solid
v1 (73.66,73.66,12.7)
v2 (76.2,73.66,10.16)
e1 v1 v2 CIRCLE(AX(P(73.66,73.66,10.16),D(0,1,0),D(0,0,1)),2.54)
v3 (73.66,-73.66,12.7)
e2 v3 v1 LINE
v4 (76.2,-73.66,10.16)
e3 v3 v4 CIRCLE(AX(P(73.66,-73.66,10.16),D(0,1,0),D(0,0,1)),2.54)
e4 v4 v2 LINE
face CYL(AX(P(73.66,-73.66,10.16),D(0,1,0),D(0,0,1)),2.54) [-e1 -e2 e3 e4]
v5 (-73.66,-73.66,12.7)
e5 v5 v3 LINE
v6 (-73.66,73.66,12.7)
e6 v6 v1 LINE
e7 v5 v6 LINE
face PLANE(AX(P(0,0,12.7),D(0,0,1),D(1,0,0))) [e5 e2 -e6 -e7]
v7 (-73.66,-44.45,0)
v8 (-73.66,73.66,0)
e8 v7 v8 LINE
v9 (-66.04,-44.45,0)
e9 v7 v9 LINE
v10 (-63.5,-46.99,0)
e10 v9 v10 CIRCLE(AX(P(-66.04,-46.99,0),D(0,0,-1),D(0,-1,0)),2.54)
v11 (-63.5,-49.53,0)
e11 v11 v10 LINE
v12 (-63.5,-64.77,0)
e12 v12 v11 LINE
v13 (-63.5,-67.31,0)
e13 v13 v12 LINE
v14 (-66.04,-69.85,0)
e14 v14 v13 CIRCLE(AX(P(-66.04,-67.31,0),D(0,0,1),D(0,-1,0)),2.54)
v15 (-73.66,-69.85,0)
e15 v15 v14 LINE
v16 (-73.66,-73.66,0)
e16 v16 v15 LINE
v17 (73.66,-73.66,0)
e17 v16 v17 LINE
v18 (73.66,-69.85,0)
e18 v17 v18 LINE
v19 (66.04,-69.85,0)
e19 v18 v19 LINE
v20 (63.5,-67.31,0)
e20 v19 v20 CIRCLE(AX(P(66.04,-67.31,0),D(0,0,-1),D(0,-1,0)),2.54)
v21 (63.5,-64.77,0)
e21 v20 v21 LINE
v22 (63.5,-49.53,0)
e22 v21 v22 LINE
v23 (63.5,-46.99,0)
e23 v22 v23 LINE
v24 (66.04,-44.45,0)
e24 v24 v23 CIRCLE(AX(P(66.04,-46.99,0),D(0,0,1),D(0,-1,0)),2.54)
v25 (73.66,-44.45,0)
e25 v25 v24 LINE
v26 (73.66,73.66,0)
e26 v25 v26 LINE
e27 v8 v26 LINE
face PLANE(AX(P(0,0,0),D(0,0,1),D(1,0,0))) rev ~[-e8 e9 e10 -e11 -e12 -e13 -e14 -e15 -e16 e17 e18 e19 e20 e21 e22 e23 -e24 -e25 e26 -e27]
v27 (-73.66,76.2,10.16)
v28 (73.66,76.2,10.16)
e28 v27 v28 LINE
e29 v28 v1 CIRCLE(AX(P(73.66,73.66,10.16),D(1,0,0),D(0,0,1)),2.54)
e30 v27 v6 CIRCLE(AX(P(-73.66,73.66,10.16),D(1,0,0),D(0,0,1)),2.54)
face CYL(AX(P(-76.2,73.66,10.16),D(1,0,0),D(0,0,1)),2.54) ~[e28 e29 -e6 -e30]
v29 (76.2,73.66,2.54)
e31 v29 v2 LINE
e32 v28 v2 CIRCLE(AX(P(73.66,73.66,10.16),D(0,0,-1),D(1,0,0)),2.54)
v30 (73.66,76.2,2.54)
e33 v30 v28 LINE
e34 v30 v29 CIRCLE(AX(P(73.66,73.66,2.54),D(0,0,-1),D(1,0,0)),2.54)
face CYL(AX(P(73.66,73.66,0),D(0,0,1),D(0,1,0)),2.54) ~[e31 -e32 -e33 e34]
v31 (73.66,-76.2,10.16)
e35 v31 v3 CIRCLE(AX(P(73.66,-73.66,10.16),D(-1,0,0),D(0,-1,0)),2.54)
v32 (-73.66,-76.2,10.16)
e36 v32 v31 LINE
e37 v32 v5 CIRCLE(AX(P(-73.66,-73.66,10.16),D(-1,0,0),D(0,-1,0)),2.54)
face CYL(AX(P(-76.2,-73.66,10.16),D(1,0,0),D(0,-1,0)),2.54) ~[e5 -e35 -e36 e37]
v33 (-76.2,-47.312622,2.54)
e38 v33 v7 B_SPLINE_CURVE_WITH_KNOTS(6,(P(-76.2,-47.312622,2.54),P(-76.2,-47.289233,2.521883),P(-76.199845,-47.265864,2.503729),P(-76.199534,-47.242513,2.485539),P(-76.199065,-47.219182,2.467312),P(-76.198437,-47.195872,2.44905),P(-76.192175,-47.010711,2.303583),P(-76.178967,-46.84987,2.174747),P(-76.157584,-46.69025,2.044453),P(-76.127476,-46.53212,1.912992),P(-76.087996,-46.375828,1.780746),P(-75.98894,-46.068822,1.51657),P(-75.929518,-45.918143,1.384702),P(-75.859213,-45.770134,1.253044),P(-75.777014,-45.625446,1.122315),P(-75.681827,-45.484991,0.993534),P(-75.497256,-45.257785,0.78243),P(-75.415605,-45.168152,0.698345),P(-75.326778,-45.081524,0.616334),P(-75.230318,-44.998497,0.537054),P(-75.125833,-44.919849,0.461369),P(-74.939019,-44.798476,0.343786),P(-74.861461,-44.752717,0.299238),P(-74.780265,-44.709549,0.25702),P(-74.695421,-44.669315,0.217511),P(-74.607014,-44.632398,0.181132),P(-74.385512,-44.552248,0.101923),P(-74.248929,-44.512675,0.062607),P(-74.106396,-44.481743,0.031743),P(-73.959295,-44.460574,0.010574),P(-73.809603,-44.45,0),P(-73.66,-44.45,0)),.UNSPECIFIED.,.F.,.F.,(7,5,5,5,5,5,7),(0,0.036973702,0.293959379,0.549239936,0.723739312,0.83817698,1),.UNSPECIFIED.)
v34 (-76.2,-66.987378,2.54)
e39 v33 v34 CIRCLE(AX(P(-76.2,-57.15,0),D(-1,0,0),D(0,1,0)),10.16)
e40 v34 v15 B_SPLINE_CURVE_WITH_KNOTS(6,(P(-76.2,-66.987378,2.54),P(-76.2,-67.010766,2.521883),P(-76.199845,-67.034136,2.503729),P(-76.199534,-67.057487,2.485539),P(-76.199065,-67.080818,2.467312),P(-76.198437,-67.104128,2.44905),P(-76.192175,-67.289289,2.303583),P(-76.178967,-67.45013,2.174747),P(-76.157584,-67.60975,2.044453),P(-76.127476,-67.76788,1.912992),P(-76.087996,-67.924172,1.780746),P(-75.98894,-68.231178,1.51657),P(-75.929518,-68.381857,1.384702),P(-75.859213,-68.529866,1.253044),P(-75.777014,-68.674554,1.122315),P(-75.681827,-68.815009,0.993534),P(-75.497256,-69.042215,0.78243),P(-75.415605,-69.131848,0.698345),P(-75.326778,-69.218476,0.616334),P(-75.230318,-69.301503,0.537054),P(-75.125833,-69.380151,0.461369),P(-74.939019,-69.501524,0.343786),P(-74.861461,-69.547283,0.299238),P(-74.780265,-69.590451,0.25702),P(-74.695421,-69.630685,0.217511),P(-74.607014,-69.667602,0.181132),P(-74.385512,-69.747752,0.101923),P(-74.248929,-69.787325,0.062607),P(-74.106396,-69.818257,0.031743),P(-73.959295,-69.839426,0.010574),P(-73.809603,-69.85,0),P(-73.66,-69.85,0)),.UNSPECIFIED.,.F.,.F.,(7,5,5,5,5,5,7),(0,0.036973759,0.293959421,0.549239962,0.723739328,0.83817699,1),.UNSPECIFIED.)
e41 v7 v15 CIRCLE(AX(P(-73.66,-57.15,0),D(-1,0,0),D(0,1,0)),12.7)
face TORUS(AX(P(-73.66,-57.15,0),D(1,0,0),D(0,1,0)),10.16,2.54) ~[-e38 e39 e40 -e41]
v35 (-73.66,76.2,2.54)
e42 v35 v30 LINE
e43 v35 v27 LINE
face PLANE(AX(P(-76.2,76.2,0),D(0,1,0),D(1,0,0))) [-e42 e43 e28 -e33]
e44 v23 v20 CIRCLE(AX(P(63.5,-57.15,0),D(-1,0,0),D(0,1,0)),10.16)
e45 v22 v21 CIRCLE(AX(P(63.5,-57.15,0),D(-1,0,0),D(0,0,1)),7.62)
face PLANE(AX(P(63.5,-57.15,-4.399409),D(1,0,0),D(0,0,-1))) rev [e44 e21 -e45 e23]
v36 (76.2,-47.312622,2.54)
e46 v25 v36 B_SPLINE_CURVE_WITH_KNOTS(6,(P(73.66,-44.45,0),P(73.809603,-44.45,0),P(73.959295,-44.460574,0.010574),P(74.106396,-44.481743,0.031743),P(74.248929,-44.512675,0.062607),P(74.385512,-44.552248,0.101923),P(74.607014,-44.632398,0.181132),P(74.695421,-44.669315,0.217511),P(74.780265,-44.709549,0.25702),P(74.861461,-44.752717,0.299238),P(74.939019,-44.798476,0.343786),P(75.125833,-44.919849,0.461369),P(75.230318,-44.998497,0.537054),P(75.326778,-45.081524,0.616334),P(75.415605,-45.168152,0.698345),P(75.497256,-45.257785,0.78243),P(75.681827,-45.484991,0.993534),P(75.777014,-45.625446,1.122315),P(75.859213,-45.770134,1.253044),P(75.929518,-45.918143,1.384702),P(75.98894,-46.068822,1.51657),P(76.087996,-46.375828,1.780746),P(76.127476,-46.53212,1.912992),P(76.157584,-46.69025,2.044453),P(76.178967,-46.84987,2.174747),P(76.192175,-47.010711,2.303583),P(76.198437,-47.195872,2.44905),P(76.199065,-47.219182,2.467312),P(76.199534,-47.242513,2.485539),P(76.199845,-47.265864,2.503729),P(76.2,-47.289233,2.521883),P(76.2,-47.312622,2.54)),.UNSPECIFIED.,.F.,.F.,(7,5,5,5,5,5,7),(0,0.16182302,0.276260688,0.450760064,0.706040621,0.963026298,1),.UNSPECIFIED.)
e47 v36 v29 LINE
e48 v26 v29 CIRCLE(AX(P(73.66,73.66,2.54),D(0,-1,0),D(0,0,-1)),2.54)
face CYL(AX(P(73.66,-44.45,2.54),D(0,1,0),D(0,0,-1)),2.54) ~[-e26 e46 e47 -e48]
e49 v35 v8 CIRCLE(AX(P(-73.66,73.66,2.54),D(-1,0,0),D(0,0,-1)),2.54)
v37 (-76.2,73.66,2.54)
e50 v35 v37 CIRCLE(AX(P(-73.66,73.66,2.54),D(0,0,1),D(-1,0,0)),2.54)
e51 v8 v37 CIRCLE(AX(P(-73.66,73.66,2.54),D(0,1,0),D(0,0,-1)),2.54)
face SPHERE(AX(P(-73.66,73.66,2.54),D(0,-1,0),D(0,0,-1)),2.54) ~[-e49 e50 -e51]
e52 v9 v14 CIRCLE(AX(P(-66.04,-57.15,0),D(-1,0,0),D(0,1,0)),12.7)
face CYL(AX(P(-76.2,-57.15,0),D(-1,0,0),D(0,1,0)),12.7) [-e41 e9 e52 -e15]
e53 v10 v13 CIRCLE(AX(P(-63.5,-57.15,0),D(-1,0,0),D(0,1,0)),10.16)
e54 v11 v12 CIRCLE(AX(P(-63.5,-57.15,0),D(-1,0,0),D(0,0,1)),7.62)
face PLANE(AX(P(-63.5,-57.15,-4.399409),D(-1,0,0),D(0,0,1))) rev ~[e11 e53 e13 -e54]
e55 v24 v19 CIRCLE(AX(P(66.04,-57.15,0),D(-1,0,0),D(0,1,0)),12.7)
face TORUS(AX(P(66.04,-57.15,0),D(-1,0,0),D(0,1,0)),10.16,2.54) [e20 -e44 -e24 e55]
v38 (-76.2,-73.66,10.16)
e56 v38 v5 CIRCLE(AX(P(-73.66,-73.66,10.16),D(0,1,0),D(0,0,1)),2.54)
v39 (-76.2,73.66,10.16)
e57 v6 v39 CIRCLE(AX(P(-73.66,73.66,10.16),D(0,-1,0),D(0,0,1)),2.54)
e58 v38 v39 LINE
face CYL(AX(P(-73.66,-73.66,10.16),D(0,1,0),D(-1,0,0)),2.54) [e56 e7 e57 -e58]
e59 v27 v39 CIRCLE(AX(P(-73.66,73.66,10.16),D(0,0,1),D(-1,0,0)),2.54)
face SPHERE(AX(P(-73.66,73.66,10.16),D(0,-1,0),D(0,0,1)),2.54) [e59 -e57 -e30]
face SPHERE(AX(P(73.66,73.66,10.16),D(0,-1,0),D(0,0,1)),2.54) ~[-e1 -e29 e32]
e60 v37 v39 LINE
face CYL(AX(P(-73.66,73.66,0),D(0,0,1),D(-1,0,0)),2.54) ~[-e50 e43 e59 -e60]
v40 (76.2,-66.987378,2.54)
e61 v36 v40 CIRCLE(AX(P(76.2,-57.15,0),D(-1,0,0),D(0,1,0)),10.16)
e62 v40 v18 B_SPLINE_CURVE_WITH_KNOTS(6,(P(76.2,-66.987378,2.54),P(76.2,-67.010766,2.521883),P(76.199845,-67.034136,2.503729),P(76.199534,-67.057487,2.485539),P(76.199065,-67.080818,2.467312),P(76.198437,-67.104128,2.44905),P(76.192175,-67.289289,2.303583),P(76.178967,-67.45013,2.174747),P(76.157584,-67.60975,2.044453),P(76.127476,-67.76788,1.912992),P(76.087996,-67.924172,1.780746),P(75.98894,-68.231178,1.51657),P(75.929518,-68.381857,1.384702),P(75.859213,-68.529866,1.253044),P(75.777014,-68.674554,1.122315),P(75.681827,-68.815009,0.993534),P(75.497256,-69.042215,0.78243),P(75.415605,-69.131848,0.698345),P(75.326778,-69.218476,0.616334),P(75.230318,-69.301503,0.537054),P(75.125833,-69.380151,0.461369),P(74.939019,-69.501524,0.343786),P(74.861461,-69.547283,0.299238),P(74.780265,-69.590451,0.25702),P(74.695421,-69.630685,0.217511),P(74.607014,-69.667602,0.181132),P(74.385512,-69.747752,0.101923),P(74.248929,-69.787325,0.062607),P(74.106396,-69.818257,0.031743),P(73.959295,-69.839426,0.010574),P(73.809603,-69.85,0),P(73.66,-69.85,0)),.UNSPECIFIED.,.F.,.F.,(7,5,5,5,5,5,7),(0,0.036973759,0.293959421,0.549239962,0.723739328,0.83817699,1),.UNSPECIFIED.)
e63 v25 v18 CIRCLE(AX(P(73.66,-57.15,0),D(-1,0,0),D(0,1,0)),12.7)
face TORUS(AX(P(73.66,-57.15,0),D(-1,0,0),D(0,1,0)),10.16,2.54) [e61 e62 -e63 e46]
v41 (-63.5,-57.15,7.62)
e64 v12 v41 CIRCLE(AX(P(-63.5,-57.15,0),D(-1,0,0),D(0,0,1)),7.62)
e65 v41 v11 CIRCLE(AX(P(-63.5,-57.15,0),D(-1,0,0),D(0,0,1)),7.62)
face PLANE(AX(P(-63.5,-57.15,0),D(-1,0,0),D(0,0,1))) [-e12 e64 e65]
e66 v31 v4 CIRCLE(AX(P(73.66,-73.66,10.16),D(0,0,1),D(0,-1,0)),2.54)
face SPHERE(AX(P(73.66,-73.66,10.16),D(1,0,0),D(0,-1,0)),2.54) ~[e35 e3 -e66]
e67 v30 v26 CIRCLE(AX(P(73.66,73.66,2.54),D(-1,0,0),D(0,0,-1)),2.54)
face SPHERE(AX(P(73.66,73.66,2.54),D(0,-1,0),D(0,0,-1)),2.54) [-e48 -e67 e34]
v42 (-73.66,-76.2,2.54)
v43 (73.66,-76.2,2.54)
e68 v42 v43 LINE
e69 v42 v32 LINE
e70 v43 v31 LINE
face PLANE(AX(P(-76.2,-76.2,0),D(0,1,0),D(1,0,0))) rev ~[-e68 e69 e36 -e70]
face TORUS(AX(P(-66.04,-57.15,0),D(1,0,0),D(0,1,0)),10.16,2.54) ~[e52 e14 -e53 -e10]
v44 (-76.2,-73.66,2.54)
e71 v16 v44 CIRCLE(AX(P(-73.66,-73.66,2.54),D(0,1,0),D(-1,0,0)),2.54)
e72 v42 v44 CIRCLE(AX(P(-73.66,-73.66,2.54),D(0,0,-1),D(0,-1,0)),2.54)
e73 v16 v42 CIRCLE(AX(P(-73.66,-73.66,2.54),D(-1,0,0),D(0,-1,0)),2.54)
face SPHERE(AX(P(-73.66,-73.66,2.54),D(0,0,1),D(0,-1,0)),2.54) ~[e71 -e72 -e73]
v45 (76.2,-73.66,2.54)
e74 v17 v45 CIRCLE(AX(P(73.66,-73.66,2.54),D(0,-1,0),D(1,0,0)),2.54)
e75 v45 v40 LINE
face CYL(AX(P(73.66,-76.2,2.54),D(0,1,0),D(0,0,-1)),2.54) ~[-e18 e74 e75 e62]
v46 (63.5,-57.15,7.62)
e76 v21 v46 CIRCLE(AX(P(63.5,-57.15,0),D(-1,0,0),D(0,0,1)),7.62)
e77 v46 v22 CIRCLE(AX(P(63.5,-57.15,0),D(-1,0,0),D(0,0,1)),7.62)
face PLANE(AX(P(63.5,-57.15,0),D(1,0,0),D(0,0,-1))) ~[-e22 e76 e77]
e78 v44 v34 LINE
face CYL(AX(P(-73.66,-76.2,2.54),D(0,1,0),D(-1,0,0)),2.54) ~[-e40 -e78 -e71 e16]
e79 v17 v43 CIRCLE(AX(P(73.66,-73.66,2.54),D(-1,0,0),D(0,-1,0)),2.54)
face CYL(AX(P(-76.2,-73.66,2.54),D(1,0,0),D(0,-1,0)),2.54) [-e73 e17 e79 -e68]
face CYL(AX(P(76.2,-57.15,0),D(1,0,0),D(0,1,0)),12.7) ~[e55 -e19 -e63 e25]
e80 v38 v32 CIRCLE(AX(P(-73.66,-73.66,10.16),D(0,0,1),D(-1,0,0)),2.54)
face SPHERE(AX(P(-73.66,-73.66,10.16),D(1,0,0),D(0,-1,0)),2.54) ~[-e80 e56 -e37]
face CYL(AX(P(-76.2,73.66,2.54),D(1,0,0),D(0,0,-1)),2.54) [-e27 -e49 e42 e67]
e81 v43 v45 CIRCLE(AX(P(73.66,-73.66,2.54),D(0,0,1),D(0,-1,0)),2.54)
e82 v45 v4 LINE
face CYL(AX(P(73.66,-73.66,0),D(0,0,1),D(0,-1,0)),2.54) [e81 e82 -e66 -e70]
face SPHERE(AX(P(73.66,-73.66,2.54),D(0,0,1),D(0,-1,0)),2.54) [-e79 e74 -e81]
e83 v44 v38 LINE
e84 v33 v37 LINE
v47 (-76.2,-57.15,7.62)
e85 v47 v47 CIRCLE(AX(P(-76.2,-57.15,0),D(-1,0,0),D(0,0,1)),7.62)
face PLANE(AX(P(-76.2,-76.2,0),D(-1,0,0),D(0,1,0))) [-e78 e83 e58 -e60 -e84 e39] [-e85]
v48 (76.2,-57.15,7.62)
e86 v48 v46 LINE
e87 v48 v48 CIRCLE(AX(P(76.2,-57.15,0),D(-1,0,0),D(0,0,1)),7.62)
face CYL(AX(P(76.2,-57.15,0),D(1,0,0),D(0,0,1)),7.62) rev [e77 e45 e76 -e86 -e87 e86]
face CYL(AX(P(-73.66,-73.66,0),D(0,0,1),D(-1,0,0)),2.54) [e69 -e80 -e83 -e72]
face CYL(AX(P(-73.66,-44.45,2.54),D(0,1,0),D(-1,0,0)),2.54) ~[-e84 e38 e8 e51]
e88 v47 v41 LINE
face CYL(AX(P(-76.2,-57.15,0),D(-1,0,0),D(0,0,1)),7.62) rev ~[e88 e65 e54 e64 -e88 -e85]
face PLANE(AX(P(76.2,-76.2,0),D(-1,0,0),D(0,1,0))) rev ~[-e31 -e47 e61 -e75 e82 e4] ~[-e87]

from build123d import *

# Parameters (mm, degrees)
SKETCH1_W           = 152.4
SKETCH1_H           = 152.4
BOSS_EXTRUDE1_DEPTH = 12.7
BOSS_EXTRUDE2_DEPTH = 12.7
SKETCH2_R           = 7.62
CUT_EXTRUDE1_DEPTH  = 12.7
FILLET1_R           = 2.54
FILLET2_R           = 2.54


with BuildPart() as part:
    # Sketch1 → Boss-Extrude1 (new body)
    with BuildSketch(Plane.XY):
        Rectangle(SKETCH1_W, SKETCH1_H)
    extrude(amount=BOSS_EXTRUDE1_DEPTH)

    # Sketch3 → Boss-Extrude2 (add)
    with BuildSketch(Plane.ZY.offset(76.2)):
        with BuildLine():
            Line((0, -69.85), (0, -44.45))
            ThreePointArc((0, -44.45), (-12.7, -57.15), (0, -69.85))
        make_face()
    boss_extrude2 = extrude(amount=-BOSS_EXTRUDE2_DEPTH)

    # Sketch2 → Cut-Extrude1 (cut)
    with BuildSketch(Plane.ZY.offset(76.2)):
        with Locations((0, -57.15)):
            Circle(SKETCH2_R)
    cut_extrude1 = extrude(amount=-CUT_EXTRUDE1_DEPTH, mode=Mode.SUBTRACT)

    # Mirror1: Boss-Extrude2, Cut-Extrude1 across plane
    add(boss_extrude2.mirror(Plane(origin=(0, 0, 0), x_dir=(0, 0, 1), z_dir=(1, 0, 0))))
    add(cut_extrude1.mirror(Plane(origin=(0, 0, 0), x_dir=(0, 0, 1), z_dir=(1, 0, 0))), mode=Mode.SUBTRACT)

    # Fillet1
    fillet1_edges = [part.edges().sort_by_distance(p)[0] for p in [
        (0, -76.2, 12.7),
    ]]
    fillet(fillet1_edges, radius=FILLET1_R)

    # Fillet2
    fillet2_edges = [part.edges().sort_by_distance(p)[0] for p in [
        (-76.2, 15.875, 0),
        (-76.2, -57.15, -12.7),
        (-63.5, -57.15, -12.7),
        (76.2, 15.875, 0),
        (63.5, -57.15, -12.7),
        (76.2, -57.15, -12.7),
        (-76.2, 1.27, 12.7),
        (76.2, 1.27, 12.7),
        (76.2, -76.2, 5.08),
        (76.2, -75.456051224, 11.956051224),
        (0, -76.2, 0),
        (-76.2, -76.2, 5.08),
        (-76.2, -75.456051224, 11.956051224),
        (76.2, -73.025, 0),
        (0, 76.2, 0),
        (-76.2, -73.025, 0),
        (0, 76.2, 12.7),
        (76.2, 76.2, 6.35),
        (-76.2, 76.2, 6.35),
    ]]
    fillet(fillet2_edges, radius=FILLET2_R)


solid = part.part
